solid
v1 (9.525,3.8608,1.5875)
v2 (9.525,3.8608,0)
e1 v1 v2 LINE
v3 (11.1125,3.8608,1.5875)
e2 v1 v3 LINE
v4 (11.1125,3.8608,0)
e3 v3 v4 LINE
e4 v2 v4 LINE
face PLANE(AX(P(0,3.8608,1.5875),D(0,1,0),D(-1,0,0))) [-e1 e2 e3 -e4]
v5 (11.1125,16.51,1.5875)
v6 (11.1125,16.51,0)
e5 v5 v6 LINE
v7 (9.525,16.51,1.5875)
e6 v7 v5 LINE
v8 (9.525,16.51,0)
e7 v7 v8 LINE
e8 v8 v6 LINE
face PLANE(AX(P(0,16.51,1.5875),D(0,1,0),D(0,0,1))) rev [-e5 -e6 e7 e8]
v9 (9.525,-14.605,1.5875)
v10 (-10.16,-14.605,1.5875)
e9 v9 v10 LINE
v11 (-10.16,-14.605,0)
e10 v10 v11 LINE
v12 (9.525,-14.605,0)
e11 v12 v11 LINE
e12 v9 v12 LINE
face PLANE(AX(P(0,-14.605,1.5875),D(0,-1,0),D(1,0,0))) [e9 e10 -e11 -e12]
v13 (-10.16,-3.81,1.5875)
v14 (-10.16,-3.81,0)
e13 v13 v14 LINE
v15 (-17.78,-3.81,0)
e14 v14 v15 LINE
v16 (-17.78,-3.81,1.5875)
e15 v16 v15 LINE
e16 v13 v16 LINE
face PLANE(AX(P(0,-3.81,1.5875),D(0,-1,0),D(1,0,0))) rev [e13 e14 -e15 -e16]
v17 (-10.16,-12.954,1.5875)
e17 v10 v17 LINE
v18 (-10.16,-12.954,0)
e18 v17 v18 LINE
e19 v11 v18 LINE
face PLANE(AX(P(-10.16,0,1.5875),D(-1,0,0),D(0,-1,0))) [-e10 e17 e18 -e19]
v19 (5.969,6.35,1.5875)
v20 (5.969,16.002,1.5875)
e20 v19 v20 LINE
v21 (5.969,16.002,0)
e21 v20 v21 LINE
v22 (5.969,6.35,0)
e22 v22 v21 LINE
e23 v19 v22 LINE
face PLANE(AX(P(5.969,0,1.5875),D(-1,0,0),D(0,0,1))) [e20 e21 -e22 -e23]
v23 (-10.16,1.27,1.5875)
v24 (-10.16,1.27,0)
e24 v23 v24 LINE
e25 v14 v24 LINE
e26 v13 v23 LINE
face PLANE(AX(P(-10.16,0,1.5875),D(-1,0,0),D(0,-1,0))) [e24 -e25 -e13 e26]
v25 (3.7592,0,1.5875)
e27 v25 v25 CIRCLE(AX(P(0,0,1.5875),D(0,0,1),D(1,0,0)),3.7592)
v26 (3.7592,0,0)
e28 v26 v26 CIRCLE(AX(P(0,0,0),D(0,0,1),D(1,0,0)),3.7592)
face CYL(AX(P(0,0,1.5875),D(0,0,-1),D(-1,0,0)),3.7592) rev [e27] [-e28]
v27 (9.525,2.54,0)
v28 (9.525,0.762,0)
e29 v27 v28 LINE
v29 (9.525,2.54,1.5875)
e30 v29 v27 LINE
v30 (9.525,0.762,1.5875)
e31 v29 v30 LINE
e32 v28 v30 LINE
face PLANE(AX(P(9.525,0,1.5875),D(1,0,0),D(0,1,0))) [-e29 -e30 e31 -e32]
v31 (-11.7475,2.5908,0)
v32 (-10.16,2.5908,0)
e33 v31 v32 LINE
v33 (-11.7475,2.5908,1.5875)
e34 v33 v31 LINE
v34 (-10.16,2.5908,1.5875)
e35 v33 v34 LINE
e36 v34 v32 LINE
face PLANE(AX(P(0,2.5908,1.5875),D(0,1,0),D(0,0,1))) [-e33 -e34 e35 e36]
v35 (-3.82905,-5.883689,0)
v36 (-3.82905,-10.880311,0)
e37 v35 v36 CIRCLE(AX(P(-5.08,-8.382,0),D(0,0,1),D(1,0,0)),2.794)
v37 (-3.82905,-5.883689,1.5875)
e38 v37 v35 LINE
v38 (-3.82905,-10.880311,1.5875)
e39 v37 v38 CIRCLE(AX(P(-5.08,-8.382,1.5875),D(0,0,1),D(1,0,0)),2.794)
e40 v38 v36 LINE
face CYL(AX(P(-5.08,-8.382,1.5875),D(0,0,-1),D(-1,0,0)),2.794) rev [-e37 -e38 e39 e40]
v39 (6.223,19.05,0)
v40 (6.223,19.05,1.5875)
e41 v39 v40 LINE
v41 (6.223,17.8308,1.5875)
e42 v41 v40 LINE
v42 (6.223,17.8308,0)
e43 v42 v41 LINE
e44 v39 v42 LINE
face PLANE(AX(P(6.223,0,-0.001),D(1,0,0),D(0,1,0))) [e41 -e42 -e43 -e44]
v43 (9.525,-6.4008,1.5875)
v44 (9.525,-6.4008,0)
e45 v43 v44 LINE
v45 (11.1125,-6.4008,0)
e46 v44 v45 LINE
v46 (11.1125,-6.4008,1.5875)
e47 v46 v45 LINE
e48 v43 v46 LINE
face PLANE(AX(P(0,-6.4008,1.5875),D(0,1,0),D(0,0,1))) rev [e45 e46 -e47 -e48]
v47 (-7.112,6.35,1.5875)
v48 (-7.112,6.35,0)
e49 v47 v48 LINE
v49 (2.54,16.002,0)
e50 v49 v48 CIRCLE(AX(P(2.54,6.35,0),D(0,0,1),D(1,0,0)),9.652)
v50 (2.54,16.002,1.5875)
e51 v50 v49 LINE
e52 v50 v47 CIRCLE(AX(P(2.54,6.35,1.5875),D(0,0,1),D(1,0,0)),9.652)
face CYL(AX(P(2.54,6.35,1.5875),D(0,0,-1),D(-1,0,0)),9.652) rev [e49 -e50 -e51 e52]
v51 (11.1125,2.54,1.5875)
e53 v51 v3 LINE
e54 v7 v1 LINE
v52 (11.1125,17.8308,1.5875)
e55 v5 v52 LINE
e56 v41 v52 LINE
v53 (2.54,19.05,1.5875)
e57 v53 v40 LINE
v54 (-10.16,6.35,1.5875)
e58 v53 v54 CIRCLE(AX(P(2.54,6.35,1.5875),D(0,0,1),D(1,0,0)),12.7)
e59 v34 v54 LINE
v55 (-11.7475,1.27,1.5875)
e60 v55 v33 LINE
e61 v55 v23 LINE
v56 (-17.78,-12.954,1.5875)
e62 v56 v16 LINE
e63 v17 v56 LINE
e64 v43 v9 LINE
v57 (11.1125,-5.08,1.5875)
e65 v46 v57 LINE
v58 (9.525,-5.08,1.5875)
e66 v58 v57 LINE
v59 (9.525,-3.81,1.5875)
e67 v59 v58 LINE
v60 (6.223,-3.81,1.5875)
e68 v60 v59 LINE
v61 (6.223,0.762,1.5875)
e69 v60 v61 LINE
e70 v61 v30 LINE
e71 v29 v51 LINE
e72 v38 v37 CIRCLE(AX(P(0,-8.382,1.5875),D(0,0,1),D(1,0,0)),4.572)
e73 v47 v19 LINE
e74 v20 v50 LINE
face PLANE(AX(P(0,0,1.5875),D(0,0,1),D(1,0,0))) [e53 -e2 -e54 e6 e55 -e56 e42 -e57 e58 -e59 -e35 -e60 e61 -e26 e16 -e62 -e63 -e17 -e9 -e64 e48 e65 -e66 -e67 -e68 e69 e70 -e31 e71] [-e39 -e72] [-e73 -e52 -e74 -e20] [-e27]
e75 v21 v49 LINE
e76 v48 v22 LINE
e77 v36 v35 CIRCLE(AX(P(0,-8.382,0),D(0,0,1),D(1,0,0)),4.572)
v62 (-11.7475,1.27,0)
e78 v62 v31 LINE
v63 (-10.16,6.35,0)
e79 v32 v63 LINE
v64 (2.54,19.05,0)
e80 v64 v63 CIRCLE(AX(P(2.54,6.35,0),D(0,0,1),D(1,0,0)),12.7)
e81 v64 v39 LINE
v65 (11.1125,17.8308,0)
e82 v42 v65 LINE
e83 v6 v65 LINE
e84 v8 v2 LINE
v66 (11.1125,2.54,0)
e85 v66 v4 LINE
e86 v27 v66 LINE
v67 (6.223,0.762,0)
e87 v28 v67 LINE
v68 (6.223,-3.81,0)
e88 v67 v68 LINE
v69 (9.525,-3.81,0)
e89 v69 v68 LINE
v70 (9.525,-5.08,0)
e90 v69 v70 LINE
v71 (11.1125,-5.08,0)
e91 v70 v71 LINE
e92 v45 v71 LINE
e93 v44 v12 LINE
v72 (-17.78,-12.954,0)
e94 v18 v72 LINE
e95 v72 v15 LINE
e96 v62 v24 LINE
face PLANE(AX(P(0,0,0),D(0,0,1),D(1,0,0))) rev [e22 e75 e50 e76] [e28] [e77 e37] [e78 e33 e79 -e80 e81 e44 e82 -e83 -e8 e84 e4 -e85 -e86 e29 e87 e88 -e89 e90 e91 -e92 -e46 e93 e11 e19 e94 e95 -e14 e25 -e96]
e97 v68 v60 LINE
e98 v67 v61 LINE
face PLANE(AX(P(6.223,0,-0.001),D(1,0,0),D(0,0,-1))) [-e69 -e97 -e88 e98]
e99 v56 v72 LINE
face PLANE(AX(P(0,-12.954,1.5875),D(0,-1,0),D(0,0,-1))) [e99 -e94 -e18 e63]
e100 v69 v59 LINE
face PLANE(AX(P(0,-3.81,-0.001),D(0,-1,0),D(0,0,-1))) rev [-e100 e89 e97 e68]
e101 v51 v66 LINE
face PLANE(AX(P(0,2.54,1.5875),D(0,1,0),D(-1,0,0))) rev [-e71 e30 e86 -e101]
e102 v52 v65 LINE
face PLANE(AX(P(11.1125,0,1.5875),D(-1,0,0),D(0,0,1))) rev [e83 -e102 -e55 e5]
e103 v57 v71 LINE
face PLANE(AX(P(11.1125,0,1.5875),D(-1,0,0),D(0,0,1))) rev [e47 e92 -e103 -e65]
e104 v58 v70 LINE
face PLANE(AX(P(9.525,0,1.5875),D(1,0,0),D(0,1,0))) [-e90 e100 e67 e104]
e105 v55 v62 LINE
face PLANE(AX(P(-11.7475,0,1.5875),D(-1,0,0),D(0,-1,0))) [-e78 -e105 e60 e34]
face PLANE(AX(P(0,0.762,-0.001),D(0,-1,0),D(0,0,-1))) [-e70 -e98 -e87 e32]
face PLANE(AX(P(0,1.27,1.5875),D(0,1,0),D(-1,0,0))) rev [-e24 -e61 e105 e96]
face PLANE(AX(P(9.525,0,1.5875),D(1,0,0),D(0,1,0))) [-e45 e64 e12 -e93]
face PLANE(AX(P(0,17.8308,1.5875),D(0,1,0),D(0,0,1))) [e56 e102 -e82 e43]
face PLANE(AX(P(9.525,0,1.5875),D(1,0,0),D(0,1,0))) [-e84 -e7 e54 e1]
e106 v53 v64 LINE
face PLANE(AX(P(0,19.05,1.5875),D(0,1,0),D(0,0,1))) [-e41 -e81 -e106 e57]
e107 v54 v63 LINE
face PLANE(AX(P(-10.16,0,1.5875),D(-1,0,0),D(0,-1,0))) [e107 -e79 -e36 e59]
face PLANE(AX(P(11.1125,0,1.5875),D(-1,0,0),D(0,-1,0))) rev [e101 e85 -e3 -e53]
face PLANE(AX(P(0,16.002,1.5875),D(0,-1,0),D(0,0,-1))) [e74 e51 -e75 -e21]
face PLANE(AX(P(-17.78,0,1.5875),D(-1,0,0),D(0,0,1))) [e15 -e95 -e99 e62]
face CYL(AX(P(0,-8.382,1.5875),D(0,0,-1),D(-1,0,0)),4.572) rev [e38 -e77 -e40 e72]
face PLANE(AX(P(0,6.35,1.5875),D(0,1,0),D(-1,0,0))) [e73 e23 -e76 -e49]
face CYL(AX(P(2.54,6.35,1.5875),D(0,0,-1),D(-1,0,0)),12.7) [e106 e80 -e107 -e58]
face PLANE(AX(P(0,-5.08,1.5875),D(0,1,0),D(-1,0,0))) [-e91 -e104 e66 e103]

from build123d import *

# Parameters (mm, degrees)
SKETCH1_R           = 3.7592
BOSS_EXTRUDE1_DEPTH = 1.5875
CUT_EXTRUDE1_REACH  = 28.107
SKETCH2_W           = 3.302
SKETCH2_H           = 4.572
SKETCH2_H_2         = 3.7592


with BuildPart() as part:
    # Sketch1 → Boss-Extrude1 (new body)
    with BuildSketch(Plane.XY):
        with BuildLine():
            Line((11.112499999, 17.8308), (9.524999999, 17.8308))
            Line((9.524999999, 17.8308), (9.524999999, 19.05))
            Line((9.524999999, 19.05), (2.54, 19.05))
            ThreePointArc((2.54, 19.05), (-6.440256121, 15.330256121), (-10.16, 6.35))
            Line((-10.16, 6.35), (-10.16, 2.5908))
            Line((-10.160000001, 2.5908), (-11.747500001, 2.5908))
            Line((-11.747500001, 2.5908), (-11.747500001, 1.27))
            Line((-11.747500001, 1.27), (-10.160000001, 1.27))
            Line((-10.160000001, 1.27), (-10.160000001, -3.81))
            Line((-10.160000001, -3.81), (-17.78, -3.81))
            Line((-17.78, -3.81), (-17.78, -12.954))
            Line((-17.78, -12.954), (-10.16, -12.954))
            Line((-10.160000001, -12.954), (-10.160000001, -14.605))
            Line((-10.160000001, -14.605), (9.524999999, -14.605))
            Line((9.524999999, -14.605), (9.524999999, -6.4008))
            Line((9.524999999, -6.4008), (11.112499999, -6.4008))
            Line((11.112499999, -6.4008), (11.112499999, -5.08))
            Line((11.112499999, -5.08), (9.524999999, -5.08))
            Line((9.524999999, -5.08), (9.524999999, 2.54))
            Line((9.525, 2.54), (11.1125, 2.54))
            Line((11.1125, 2.54), (11.1125, 3.8608))
            Line((11.1125, 3.8608), (9.525, 3.8608))
            Line((9.524999999, 3.8608), (9.524999999, 16.51))
            Line((9.524999999, 16.51), (11.112499999, 16.51))
            Line((11.112499999, 16.51), (11.112499999, 17.8308))
        make_face()
        with BuildLine():
            ThreePointArc((-7.112, 6.35), (-4.284994652, 13.174994652), (2.54, 16.002))
            Line((2.54, 16.002), (5.968999999, 16.002))
            Line((5.968999999, 16.002), (5.968999999, 6.35))
            Line((5.968999999, 6.35), (-7.112, 6.35))
        make_face(mode=Mode.SUBTRACT)
        with BuildLine():
            ThreePointArc((-3.82905, -5.883688551), (4.572, -8.382), (-3.82905, -10.880311449))
            ThreePointArc((-3.82905, -10.880311449), (-7.874, -8.382), (-3.82905, -5.883688551))
        make_face(mode=Mode.SUBTRACT)
        Circle(SKETCH1_R, mode=Mode.SUBTRACT)
    extrude(amount=BOSS_EXTRUDE1_DEPTH)

    # Sketch2 → Cut-Extrude1 (cut, up to next)
    with BuildSketch(Plane.XY.offset(1.5875), mode=Mode.PRIVATE) as cut_extrude1_sk1:
        with Locations((7.873999999, -1.524)):
            Rectangle(SKETCH2_W, SKETCH2_H)
    cut_extrude1_tool1 = extrude(cut_extrude1_sk1.sketch, amount=-CUT_EXTRUDE1_REACH, mode=Mode.PRIVATE) & part.part
    # Sketch2 → Cut-Extrude1 (cut, up to next)
    with BuildSketch(Plane.XY.offset(1.5875), mode=Mode.PRIVATE) as cut_extrude1_sk2:
        with Locations((7.873999999, 19.7104)):
            Rectangle(SKETCH2_W, SKETCH2_H_2)
    cut_extrude1_tool2 = extrude(cut_extrude1_sk2.sketch, amount=-CUT_EXTRUDE1_REACH, mode=Mode.PRIVATE) & part.part
    add(cut_extrude1_tool1.solids().sort_by_distance((7.874, -1.524, 1.5875))[0], mode=Mode.SUBTRACT)
    add(cut_extrude1_tool2.solids().sort_by_distance((7.874, 19.7104, 1.5875))[0], mode=Mode.SUBTRACT)


solid = part.part
